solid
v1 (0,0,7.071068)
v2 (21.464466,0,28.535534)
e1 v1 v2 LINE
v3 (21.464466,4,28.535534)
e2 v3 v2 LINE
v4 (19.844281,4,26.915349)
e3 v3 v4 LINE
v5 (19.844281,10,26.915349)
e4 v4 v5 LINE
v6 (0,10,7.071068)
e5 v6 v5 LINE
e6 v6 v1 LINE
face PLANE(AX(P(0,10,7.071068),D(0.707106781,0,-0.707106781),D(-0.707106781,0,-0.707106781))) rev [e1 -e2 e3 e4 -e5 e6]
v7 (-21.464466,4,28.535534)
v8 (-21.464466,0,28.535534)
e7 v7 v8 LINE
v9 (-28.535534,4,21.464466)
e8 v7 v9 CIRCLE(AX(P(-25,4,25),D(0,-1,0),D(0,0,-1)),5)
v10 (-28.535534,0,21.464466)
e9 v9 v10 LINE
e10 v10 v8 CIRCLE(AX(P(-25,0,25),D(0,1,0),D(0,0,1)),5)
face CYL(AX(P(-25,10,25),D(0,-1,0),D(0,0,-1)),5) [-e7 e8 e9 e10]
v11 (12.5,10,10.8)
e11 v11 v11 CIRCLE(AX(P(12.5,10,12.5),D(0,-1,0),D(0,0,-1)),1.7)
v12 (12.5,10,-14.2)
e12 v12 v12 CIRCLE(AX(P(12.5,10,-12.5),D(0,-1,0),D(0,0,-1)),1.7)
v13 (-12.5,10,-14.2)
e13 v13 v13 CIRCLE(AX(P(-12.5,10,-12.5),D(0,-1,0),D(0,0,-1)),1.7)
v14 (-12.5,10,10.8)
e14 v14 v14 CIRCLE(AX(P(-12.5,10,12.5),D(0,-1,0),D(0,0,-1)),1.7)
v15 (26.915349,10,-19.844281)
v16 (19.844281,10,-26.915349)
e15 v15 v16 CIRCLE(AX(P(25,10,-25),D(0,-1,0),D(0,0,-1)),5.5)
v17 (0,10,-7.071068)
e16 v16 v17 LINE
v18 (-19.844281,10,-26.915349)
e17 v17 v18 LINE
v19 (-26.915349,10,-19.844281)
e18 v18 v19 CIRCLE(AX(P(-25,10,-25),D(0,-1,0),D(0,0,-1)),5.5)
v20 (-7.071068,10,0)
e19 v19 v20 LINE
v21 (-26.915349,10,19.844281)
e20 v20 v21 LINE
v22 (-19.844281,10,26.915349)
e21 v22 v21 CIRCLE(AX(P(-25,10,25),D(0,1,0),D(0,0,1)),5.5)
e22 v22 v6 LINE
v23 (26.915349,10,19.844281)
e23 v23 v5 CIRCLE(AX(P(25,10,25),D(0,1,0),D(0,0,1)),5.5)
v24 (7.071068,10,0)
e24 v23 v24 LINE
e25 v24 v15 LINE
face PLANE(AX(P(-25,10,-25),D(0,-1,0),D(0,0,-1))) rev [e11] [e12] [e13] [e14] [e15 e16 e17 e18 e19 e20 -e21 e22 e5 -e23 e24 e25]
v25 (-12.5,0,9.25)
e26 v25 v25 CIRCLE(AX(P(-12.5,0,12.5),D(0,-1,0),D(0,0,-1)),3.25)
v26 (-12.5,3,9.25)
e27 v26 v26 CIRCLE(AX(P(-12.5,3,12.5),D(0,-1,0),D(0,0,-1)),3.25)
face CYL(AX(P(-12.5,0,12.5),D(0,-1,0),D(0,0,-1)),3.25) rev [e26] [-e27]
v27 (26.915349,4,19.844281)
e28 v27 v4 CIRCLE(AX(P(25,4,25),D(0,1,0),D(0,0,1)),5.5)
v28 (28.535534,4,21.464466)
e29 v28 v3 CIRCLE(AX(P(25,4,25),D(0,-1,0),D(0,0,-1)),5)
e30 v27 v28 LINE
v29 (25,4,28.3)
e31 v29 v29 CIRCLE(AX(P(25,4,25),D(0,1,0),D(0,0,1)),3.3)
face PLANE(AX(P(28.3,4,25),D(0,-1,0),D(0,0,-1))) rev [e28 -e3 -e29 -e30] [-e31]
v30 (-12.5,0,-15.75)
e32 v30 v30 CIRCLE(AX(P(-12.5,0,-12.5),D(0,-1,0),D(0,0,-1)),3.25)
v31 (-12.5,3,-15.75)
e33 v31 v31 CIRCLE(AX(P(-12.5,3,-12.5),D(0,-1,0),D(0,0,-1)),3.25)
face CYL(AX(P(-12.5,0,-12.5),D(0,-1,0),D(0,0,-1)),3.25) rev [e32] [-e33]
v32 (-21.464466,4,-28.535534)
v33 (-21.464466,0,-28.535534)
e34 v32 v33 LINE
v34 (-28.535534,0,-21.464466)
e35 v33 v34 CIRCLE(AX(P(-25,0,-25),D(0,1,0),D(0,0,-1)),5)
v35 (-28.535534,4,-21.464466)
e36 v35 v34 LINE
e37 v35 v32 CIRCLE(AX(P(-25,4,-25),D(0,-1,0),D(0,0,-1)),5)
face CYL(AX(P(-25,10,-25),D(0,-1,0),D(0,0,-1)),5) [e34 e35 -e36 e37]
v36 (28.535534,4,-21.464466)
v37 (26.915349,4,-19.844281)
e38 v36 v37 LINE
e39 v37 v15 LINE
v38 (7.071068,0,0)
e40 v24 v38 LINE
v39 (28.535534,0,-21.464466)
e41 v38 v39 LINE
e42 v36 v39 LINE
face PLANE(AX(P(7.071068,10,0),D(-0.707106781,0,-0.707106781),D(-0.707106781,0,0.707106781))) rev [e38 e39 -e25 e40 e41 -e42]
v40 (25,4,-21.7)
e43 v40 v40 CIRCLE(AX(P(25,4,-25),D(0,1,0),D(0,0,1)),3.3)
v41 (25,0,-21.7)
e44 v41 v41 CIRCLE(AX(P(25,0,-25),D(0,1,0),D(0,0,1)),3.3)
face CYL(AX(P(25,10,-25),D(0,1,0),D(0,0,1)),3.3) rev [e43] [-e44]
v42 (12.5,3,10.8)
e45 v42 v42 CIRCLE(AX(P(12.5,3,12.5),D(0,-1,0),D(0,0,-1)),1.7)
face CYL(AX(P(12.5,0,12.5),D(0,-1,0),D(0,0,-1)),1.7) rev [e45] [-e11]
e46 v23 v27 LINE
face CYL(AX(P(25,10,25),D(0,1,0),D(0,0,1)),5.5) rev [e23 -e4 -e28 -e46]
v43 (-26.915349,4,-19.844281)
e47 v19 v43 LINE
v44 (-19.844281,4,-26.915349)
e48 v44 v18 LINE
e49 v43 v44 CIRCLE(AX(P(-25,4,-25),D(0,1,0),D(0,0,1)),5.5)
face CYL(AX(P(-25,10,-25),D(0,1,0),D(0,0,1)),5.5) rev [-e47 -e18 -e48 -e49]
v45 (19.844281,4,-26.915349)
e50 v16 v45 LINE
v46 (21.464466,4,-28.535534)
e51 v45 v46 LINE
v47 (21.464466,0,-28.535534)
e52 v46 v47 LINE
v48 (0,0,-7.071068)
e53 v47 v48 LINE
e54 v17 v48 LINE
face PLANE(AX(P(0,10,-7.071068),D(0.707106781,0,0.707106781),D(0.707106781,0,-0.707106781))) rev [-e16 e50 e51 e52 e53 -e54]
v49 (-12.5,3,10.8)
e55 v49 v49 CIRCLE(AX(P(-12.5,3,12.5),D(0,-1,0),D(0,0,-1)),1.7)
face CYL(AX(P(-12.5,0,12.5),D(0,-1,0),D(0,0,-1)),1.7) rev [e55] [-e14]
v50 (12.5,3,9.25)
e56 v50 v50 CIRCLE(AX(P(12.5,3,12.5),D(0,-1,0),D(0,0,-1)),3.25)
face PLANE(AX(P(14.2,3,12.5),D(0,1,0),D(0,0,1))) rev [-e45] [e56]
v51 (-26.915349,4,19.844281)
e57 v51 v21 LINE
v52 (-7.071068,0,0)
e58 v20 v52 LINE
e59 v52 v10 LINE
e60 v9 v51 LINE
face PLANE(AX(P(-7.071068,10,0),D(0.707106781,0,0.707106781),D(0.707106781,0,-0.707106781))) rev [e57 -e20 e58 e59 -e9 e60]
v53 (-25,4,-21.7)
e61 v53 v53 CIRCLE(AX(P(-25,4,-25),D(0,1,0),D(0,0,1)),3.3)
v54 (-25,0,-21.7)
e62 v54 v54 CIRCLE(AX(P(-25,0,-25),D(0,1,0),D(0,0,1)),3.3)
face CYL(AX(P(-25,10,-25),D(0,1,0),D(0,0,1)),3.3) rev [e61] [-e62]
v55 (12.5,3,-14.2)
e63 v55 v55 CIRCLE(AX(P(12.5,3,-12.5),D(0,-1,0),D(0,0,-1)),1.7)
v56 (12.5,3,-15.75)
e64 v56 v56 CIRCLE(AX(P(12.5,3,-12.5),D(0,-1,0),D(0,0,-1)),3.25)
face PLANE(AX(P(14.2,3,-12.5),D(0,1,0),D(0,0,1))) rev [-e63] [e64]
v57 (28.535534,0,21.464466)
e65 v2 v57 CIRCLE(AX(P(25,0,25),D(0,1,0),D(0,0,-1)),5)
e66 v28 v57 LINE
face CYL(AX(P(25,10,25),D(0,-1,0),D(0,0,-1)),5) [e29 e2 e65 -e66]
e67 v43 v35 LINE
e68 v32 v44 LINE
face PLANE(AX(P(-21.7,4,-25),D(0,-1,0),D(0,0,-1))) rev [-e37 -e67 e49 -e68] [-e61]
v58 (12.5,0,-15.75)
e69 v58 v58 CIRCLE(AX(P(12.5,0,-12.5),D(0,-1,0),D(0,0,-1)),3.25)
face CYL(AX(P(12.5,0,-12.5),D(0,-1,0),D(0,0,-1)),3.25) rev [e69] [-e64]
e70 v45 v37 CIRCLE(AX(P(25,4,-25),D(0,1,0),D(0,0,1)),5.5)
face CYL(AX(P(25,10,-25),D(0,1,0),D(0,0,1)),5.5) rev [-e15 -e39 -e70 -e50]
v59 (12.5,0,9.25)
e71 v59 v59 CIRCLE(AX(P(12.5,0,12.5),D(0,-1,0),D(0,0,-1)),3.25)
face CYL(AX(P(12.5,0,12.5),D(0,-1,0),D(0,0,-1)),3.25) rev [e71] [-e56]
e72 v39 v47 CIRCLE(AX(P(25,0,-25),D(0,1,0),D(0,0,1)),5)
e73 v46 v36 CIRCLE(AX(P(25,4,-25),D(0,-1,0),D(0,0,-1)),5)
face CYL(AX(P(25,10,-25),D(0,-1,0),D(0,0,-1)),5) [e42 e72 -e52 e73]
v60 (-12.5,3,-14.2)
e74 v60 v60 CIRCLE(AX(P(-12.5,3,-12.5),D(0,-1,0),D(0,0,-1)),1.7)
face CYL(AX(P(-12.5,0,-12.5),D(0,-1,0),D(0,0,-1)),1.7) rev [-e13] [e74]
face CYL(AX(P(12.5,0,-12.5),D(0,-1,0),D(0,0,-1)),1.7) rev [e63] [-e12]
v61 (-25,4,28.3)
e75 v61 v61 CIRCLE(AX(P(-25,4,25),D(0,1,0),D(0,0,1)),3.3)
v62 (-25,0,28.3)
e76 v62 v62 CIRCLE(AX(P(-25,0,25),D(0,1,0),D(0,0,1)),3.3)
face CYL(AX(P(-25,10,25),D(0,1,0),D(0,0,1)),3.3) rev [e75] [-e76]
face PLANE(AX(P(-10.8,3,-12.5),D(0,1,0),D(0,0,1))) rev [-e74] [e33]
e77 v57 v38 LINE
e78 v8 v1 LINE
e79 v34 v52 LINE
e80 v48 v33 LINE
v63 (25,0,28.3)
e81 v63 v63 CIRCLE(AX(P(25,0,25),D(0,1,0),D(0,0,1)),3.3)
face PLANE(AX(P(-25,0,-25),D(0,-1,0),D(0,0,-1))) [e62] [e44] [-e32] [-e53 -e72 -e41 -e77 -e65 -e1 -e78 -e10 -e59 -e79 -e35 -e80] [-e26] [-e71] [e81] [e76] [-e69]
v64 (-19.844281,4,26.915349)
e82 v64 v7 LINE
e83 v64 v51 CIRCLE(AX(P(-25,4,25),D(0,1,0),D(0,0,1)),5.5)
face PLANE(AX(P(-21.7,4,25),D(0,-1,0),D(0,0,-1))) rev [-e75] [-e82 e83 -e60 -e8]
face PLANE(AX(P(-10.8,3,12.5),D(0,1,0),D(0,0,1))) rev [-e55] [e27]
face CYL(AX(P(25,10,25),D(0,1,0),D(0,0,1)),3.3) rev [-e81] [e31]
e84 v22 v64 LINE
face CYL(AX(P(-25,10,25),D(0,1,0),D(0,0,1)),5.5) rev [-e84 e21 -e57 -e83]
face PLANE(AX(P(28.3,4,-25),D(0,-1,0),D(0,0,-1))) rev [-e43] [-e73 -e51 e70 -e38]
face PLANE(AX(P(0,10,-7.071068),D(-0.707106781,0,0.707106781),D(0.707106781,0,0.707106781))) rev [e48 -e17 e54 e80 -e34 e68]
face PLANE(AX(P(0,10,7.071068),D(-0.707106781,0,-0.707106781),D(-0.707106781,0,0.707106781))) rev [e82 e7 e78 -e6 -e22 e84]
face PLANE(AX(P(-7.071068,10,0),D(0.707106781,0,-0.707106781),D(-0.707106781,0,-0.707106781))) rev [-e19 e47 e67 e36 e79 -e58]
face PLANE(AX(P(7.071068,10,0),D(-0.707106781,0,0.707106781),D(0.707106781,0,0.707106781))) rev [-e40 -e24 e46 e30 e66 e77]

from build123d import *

# Parameters (mm, degrees)
EXTRUDE1_DEPTH                 = 10
CBORE_FOR_M6_SHCS2_D           = 6.6
CBORE_FOR_M6_SHCS2_CBORE_D     = 11
CBORE_FOR_M6_SHCS2_CBORE_DEPTH = 6
LPATTERN1_COUNT                = 2
LPATTERN1_PITCH                = 50
LPATTERN1_COUNT_DIR2           = 2
LPATTERN1_PITCH_DIR2           = 50
CBORE_FOR_M3_SHCS1_D           = 3.4
CBORE_FOR_M3_SHCS1_CBORE_D     = 6.5
CBORE_FOR_M3_SHCS1_CBORE_DEPTH = 3
LPATTERN2_COUNT                = 2
LPATTERN2_PITCH                = 25
LPATTERN2_COUNT_DIR2           = 2
LPATTERN2_PITCH_DIR2           = 25


with BuildPart() as part:
    # Sketch1 → Extrude1 (new body)
    with BuildSketch(Plane(origin=(0, 0, 0), x_dir=(1, 0, 0), z_dir=(0, 1, 0))):
        with BuildLine():
            Line((7.071067812, 0), (28.535533906, 21.464466094))
            ThreePointArc((28.535533906, 21.464466094), (28.535533906, 28.535533906), (21.464466094, 28.535533906))
            Line((21.464466094, 28.535533906), (0, 7.071067812))
            Line((0, 7.071067812), (-21.464466094, 28.535533906))
            ThreePointArc((-21.464466094, 28.535533906), (-28.535533906, 28.535533906), (-28.535533906, 21.464466094))
            Line((-28.535533906, 21.464466094), (-7.071067812, 0))
            Line((-7.071067812, 0), (-28.535533906, -21.464466094))
            ThreePointArc((-28.535533906, -21.464466094), (-28.535533906, -28.535533906), (-21.464466094, -28.535533906))
            Line((-21.464466094, -28.535533906), (0, -7.071067812))
            Line((0, -7.071067812), (21.464466094, -28.535533906))
            ThreePointArc((21.464466094, -28.535533906), (28.535533906, -28.535533906), (28.535533906, -21.464466094))
            Line((28.535533906, -21.464466094), (7.071067812, 0))
        make_face()
    extrude(amount=EXTRUDE1_DEPTH)

    # CBORE for M6 SHCS2 (through all)
    with Locations(Plane(origin=(-25, 10, -25), x_dir=(0, 0, 1), z_dir=(0, 1, 0))):
        with Locations((0, 0)):
            cbore_for_m6_shcs2 = CounterBoreHole(CBORE_FOR_M6_SHCS2_D / 2, CBORE_FOR_M6_SHCS2_CBORE_D / 2, CBORE_FOR_M6_SHCS2_CBORE_DEPTH)

    # LPattern1: CBORE for M6 SHCS2 2 × 2
    with Locations(*[(i * LPATTERN1_PITCH, 0, j * LPATTERN1_PITCH_DIR2) for i in range(LPATTERN1_COUNT) for j in range(LPATTERN1_COUNT_DIR2) if (i, j) != (0, 0)]):
        add(cbore_for_m6_shcs2, mode=Mode.SUBTRACT)

    # CBORE for M3 SHCS1 (through all)
    with Locations(Plane(origin=(-12.5, 0, 12.5), x_dir=(0, 0, -1), z_dir=(0, -1, 0))):
        with Locations((0, 0)):
            cbore_for_m3_shcs1 = CounterBoreHole(CBORE_FOR_M3_SHCS1_D / 2, CBORE_FOR_M3_SHCS1_CBORE_D / 2, CBORE_FOR_M3_SHCS1_CBORE_DEPTH)

    # LPattern2: CBORE for M3 SHCS1 2 × 2
    with Locations(*[(i * LPATTERN2_PITCH, 0, -j * LPATTERN2_PITCH_DIR2) for i in range(LPATTERN2_COUNT) for j in range(LPATTERN2_COUNT_DIR2) if (i, j) != (0, 0)]):
        add(cbore_for_m3_shcs1, mode=Mode.SUBTRACT)


solid = part.part
